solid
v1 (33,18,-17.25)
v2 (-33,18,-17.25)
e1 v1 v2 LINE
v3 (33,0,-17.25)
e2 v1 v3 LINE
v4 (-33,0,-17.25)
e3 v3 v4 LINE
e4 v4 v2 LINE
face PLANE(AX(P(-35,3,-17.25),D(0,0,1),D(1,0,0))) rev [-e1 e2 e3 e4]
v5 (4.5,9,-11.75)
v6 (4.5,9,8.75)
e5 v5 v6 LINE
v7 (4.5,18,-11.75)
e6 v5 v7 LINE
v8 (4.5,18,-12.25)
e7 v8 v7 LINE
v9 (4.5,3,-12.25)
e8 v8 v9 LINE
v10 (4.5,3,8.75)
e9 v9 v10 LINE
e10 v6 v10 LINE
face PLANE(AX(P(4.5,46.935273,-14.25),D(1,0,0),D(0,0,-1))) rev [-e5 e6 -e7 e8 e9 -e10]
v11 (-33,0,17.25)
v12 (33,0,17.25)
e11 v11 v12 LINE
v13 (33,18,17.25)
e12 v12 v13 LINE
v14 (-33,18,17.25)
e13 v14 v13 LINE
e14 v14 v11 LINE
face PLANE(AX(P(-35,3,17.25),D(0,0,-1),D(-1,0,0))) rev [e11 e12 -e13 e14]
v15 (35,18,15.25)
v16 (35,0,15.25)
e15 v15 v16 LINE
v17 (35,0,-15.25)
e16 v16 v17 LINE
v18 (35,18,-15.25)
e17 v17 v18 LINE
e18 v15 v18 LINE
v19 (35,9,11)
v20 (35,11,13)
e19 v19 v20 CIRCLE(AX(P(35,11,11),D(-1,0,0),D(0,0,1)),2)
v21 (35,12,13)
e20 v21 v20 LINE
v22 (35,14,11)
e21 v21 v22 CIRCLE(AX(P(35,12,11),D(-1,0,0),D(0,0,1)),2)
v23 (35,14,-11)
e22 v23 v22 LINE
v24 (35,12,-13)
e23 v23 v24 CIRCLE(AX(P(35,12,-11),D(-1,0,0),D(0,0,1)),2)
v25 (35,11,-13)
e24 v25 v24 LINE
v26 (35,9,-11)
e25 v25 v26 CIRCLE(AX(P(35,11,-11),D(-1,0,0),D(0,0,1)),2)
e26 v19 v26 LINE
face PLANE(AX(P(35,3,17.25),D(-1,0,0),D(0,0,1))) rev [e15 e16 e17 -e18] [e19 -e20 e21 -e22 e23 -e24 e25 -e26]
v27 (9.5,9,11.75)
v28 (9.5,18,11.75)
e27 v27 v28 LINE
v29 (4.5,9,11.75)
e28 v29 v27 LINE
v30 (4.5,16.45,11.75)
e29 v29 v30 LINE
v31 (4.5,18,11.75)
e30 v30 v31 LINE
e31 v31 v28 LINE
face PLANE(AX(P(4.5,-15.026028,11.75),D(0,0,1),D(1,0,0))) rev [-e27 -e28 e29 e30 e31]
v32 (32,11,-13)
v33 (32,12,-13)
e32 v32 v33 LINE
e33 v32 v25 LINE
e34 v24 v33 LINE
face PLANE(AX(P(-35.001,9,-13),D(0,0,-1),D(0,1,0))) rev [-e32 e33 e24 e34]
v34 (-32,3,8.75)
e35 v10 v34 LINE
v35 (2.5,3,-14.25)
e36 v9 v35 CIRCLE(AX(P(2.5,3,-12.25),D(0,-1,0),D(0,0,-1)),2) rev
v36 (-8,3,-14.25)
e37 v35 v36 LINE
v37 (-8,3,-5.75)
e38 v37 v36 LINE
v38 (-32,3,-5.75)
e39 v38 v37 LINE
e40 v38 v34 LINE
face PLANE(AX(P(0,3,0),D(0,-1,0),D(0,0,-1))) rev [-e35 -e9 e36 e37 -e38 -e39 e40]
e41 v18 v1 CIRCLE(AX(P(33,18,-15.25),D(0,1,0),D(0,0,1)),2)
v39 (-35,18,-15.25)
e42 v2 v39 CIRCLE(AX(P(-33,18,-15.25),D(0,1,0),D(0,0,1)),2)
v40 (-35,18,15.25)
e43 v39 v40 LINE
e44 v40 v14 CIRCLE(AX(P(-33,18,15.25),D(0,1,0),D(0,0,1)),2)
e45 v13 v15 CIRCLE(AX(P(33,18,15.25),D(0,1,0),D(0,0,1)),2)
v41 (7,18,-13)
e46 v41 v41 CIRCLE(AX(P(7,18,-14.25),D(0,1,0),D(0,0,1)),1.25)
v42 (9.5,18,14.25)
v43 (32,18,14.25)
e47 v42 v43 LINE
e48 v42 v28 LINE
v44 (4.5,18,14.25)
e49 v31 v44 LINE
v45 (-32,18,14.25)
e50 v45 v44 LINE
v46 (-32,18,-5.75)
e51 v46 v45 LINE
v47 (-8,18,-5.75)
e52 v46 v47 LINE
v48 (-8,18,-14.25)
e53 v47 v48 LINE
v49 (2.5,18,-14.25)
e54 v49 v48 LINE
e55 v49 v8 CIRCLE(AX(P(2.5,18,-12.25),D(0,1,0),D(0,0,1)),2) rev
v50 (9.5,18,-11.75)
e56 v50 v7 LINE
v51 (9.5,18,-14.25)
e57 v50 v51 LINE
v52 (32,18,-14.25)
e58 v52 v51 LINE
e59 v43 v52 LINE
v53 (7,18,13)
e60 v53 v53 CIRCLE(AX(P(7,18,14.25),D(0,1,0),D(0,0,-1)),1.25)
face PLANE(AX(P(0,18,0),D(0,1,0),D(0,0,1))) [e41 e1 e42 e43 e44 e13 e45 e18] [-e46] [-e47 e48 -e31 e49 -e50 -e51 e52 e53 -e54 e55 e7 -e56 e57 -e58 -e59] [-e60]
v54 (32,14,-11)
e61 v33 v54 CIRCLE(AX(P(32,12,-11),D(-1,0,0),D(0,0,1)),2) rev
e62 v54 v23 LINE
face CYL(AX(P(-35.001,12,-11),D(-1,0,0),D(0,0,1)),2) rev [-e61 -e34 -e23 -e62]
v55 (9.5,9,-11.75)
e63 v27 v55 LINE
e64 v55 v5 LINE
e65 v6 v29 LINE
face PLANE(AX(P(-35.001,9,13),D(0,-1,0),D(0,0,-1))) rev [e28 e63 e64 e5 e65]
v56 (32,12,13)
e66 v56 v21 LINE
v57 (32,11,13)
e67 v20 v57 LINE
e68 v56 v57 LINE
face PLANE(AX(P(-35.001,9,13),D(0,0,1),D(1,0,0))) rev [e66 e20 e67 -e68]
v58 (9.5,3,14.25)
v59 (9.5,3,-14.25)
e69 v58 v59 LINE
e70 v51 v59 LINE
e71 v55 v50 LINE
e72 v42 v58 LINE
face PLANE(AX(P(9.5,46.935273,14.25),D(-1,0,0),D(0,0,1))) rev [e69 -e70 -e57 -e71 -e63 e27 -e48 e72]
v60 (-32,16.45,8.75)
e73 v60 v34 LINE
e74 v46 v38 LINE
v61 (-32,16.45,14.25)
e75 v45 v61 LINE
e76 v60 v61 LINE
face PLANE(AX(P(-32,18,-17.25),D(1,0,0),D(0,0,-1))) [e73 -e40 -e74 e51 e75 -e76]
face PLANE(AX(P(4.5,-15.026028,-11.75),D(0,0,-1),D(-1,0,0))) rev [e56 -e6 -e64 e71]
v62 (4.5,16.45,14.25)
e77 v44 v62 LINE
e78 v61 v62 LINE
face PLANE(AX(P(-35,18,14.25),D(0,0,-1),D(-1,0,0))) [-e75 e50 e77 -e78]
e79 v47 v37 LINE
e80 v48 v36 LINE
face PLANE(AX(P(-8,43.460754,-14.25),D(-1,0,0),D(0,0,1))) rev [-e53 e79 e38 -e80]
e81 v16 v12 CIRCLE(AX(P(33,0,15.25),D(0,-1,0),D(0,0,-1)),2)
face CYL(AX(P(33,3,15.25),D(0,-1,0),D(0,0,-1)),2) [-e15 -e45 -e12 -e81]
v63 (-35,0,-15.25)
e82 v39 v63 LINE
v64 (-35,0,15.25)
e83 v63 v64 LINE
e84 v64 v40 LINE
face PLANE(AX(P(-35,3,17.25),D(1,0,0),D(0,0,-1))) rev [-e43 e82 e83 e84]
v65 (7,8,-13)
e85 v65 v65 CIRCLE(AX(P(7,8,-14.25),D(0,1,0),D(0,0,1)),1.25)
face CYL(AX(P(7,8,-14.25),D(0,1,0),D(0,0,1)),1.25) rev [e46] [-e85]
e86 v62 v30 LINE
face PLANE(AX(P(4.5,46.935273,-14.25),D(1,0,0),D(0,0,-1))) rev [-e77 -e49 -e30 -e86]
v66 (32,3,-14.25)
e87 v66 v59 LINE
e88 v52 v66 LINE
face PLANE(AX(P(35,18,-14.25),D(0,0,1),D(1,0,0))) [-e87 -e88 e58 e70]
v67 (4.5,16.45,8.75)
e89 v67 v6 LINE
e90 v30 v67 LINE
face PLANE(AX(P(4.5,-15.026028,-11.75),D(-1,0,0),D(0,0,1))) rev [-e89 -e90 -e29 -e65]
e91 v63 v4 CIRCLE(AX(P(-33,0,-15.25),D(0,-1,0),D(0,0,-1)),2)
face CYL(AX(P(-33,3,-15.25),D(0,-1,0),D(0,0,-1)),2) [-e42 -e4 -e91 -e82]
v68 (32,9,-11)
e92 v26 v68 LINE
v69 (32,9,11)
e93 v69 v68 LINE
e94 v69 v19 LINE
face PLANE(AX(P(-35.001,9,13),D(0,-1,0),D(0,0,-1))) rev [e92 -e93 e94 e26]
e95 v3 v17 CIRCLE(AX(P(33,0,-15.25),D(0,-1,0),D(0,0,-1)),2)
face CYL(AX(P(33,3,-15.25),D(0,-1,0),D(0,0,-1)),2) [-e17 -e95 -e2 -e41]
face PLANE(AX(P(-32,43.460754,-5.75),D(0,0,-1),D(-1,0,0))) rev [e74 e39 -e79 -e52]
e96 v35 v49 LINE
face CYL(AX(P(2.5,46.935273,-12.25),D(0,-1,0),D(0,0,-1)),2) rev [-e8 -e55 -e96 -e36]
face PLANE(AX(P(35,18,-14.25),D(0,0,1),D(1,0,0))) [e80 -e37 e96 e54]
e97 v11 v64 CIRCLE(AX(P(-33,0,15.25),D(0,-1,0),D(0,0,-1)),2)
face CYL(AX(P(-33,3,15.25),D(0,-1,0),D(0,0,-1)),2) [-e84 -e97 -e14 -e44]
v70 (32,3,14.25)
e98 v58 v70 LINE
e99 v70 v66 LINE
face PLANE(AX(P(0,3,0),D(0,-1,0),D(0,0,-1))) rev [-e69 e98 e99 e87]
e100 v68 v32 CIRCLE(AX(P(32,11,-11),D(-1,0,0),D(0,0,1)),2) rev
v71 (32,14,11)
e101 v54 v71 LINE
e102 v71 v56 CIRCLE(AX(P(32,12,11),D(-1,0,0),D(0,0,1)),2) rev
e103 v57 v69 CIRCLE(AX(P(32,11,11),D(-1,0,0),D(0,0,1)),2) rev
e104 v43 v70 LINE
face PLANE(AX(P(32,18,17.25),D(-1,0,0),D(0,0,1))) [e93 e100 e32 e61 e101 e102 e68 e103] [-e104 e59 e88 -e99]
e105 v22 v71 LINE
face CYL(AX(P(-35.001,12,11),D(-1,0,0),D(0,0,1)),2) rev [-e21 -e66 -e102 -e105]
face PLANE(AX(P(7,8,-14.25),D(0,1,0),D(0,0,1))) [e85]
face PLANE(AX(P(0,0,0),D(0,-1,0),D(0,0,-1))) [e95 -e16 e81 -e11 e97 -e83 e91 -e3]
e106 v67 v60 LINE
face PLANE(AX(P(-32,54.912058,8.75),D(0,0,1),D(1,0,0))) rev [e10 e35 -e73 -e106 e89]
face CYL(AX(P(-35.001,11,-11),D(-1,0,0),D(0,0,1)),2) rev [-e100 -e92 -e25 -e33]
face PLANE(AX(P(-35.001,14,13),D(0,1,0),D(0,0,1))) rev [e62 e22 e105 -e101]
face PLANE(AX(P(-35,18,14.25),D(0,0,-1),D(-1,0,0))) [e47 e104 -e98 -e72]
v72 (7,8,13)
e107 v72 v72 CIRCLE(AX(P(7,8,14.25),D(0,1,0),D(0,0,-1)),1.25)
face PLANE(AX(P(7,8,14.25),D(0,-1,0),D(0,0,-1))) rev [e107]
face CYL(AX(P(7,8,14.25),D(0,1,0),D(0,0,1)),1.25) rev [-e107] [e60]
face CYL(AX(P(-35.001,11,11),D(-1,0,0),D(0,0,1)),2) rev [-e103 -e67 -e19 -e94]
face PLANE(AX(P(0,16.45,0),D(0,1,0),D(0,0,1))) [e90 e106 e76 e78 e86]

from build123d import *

# Parameters (mm, degrees)
SKETCH1_W           = 70
SKETCH1_H           = 34.5
BOSS_EXTRUDE1_DEPTH = 3
SKETCH2_W           = 70
SKETCH2_H           = 34.5
SKETCH2_W_2         = 64
SKETCH2_H_2         = 28.5
EXTRUDE_THIN1_DEPTH = 15
CUT_EXTRUDE1_REACH  = 76.307
SKETCH3_W           = 26
SKETCH3_H           = 5
SKETCH6_W           = 5
SKETCH6_H           = 28.5
BOSS_EXTRUDE2_DEPTH = 15
SKETCH7_W           = 24
SKETCH7_H           = 8.5
BOSS_EXTRUDE3_DEPTH = 15
SKETCH8_W           = 36.5
SKETCH8_H           = 5.5
BOSS_EXTRUDE4_DEPTH = 13.45
FILLET1_R           = 2
FILLET2_R           = 2
CUT_EXTRUDE6_REACH  = 44.972
SKETCH12_W          = 5
SKETCH12_H          = 23.5
SKETCH13_R          = 1.25
CUT_EXTRUDE7_DEPTH  = 10
FILLET4_R           = 2


with BuildPart() as part:
    # Sketch1 → Boss-Extrude1 (new body)
    with BuildSketch(Plane(origin=(0, 0, 0), x_dir=(1, 0, 0), z_dir=(0, 1, 0))):
        Rectangle(SKETCH1_W, SKETCH1_H)
    extrude(amount=BOSS_EXTRUDE1_DEPTH)

    # Sketch2 → Extrude-Thin1 (add)
    with BuildSketch(Plane(origin=(0, 3, 0), x_dir=(1, 0, 0), z_dir=(0, 1, 0))):
        Rectangle(SKETCH2_W, SKETCH2_H)
        Rectangle(SKETCH2_W_2, SKETCH2_H_2, mode=Mode.SUBTRACT)
    extrude(amount=EXTRUDE_THIN1_DEPTH)

    # Sketch3 → Cut-Extrude1 (cut, up to next)
    with BuildSketch(Plane(origin=(35, 0, 0), x_dir=(0, 0, -1), z_dir=(1, 0, 0)), mode=Mode.PRIVATE) as cut_extrude1_sk1:
        with Locations((0, 11.5)):
            Rectangle(SKETCH3_W, SKETCH3_H)
    cut_extrude1_tool1 = extrude(cut_extrude1_sk1.sketch, amount=-CUT_EXTRUDE1_REACH, mode=Mode.PRIVATE) & part.part
    add(cut_extrude1_tool1.solids().sort_by_distance((35, 11.5, 0))[0], mode=Mode.SUBTRACT)

    # Sketch6 → Boss-Extrude2 (add)
    with BuildSketch(Plane(origin=(0, 3, 0), x_dir=(1, 0, 0), z_dir=(0, 1, 0))):
        with Locations((7, 0)):
            Rectangle(SKETCH6_W, SKETCH6_H)
    extrude(amount=BOSS_EXTRUDE2_DEPTH)

    # Sketch7 → Boss-Extrude3 (add)
    with BuildSketch(Plane(origin=(0, 3, 0), x_dir=(1, 0, 0), z_dir=(0, 1, 0))):
        with Locations((-20, 10)):
            Rectangle(SKETCH7_W, SKETCH7_H)
    extrude(amount=BOSS_EXTRUDE3_DEPTH)

    # Sketch8 → Boss-Extrude4 (add)
    with BuildSketch(Plane(origin=(0, 3, 0), x_dir=(1, 0, 0), z_dir=(0, 1, 0))):
        with Locations((-13.75, -11.5)):
            Rectangle(SKETCH8_W, SKETCH8_H)
    extrude(amount=BOSS_EXTRUDE4_DEPTH)

    # Fillet1
    fillet1_edges = [part.edges().sort_by_distance(p)[0] for p in [
        (33.5, 9, 13),
        (33.5, 14, 13),
        (33.5, 14, -13),
        (33.5, 9, -13),
    ]]
    fillet(fillet1_edges, radius=FILLET1_R)

    # Fillet2
    fillet2_edges = [part.edges().sort_by_distance(p)[0] for p in [
        (35, 9, 17.25),
        (-35, 9, 17.25),
        (-35, 9, -17.25),
        (35, 9, -17.25),
    ]]
    fillet(fillet2_edges, radius=FILLET2_R)

    # Cut-Extrude6: up to this face of the body (flat: up to its plane)
    cut_extrude6_end = Plane(part.part.faces().sort_by_distance((33.5, 9, 0))[0])
    # Sketch12 → Cut-Extrude6 (cut, up to the picked face)
    with BuildSketch(Plane(origin=(0, 18, 0), x_dir=(1, 0, 0), z_dir=(0, 1, 0)), mode=Mode.PRIVATE) as cut_extrude6_sk1:
        with Locations((7, 0)):
            Rectangle(SKETCH12_W, SKETCH12_H)
    cut_extrude6_tool1 = split(extrude(cut_extrude6_sk1.sketch, amount=-CUT_EXTRUDE6_REACH, mode=Mode.PRIVATE), bisect_by=cut_extrude6_end, keep=Keep.BOTH, mode=Mode.PRIVATE)
    add(cut_extrude6_tool1.solids().sort_by(Axis((7, 18, 0), (0, -1, 0)))[0], mode=Mode.SUBTRACT)

    # Sketch13 → Cut-Extrude7 (cut)
    with BuildSketch(Plane(origin=(0, 18, 0), x_dir=(1, 0, 0), z_dir=(0, 1, 0))):
        with Locations(Location((7, 14.25, 0), (0, 0, 270))):
            Circle(SKETCH13_R)
        with Locations(Location((7, -14.25, 0), (0, 0, 90))):
            Circle(SKETCH13_R)
    extrude(amount=-CUT_EXTRUDE7_DEPTH, mode=Mode.SUBTRACT)

    # Fillet4
    fillet4_edges = [part.edges().sort_by_distance(p)[0] for p in [
        (4.5, 10.5, -14.25),
    ]]
    fillet(fillet4_edges, radius=FILLET4_R)


solid = part.part
